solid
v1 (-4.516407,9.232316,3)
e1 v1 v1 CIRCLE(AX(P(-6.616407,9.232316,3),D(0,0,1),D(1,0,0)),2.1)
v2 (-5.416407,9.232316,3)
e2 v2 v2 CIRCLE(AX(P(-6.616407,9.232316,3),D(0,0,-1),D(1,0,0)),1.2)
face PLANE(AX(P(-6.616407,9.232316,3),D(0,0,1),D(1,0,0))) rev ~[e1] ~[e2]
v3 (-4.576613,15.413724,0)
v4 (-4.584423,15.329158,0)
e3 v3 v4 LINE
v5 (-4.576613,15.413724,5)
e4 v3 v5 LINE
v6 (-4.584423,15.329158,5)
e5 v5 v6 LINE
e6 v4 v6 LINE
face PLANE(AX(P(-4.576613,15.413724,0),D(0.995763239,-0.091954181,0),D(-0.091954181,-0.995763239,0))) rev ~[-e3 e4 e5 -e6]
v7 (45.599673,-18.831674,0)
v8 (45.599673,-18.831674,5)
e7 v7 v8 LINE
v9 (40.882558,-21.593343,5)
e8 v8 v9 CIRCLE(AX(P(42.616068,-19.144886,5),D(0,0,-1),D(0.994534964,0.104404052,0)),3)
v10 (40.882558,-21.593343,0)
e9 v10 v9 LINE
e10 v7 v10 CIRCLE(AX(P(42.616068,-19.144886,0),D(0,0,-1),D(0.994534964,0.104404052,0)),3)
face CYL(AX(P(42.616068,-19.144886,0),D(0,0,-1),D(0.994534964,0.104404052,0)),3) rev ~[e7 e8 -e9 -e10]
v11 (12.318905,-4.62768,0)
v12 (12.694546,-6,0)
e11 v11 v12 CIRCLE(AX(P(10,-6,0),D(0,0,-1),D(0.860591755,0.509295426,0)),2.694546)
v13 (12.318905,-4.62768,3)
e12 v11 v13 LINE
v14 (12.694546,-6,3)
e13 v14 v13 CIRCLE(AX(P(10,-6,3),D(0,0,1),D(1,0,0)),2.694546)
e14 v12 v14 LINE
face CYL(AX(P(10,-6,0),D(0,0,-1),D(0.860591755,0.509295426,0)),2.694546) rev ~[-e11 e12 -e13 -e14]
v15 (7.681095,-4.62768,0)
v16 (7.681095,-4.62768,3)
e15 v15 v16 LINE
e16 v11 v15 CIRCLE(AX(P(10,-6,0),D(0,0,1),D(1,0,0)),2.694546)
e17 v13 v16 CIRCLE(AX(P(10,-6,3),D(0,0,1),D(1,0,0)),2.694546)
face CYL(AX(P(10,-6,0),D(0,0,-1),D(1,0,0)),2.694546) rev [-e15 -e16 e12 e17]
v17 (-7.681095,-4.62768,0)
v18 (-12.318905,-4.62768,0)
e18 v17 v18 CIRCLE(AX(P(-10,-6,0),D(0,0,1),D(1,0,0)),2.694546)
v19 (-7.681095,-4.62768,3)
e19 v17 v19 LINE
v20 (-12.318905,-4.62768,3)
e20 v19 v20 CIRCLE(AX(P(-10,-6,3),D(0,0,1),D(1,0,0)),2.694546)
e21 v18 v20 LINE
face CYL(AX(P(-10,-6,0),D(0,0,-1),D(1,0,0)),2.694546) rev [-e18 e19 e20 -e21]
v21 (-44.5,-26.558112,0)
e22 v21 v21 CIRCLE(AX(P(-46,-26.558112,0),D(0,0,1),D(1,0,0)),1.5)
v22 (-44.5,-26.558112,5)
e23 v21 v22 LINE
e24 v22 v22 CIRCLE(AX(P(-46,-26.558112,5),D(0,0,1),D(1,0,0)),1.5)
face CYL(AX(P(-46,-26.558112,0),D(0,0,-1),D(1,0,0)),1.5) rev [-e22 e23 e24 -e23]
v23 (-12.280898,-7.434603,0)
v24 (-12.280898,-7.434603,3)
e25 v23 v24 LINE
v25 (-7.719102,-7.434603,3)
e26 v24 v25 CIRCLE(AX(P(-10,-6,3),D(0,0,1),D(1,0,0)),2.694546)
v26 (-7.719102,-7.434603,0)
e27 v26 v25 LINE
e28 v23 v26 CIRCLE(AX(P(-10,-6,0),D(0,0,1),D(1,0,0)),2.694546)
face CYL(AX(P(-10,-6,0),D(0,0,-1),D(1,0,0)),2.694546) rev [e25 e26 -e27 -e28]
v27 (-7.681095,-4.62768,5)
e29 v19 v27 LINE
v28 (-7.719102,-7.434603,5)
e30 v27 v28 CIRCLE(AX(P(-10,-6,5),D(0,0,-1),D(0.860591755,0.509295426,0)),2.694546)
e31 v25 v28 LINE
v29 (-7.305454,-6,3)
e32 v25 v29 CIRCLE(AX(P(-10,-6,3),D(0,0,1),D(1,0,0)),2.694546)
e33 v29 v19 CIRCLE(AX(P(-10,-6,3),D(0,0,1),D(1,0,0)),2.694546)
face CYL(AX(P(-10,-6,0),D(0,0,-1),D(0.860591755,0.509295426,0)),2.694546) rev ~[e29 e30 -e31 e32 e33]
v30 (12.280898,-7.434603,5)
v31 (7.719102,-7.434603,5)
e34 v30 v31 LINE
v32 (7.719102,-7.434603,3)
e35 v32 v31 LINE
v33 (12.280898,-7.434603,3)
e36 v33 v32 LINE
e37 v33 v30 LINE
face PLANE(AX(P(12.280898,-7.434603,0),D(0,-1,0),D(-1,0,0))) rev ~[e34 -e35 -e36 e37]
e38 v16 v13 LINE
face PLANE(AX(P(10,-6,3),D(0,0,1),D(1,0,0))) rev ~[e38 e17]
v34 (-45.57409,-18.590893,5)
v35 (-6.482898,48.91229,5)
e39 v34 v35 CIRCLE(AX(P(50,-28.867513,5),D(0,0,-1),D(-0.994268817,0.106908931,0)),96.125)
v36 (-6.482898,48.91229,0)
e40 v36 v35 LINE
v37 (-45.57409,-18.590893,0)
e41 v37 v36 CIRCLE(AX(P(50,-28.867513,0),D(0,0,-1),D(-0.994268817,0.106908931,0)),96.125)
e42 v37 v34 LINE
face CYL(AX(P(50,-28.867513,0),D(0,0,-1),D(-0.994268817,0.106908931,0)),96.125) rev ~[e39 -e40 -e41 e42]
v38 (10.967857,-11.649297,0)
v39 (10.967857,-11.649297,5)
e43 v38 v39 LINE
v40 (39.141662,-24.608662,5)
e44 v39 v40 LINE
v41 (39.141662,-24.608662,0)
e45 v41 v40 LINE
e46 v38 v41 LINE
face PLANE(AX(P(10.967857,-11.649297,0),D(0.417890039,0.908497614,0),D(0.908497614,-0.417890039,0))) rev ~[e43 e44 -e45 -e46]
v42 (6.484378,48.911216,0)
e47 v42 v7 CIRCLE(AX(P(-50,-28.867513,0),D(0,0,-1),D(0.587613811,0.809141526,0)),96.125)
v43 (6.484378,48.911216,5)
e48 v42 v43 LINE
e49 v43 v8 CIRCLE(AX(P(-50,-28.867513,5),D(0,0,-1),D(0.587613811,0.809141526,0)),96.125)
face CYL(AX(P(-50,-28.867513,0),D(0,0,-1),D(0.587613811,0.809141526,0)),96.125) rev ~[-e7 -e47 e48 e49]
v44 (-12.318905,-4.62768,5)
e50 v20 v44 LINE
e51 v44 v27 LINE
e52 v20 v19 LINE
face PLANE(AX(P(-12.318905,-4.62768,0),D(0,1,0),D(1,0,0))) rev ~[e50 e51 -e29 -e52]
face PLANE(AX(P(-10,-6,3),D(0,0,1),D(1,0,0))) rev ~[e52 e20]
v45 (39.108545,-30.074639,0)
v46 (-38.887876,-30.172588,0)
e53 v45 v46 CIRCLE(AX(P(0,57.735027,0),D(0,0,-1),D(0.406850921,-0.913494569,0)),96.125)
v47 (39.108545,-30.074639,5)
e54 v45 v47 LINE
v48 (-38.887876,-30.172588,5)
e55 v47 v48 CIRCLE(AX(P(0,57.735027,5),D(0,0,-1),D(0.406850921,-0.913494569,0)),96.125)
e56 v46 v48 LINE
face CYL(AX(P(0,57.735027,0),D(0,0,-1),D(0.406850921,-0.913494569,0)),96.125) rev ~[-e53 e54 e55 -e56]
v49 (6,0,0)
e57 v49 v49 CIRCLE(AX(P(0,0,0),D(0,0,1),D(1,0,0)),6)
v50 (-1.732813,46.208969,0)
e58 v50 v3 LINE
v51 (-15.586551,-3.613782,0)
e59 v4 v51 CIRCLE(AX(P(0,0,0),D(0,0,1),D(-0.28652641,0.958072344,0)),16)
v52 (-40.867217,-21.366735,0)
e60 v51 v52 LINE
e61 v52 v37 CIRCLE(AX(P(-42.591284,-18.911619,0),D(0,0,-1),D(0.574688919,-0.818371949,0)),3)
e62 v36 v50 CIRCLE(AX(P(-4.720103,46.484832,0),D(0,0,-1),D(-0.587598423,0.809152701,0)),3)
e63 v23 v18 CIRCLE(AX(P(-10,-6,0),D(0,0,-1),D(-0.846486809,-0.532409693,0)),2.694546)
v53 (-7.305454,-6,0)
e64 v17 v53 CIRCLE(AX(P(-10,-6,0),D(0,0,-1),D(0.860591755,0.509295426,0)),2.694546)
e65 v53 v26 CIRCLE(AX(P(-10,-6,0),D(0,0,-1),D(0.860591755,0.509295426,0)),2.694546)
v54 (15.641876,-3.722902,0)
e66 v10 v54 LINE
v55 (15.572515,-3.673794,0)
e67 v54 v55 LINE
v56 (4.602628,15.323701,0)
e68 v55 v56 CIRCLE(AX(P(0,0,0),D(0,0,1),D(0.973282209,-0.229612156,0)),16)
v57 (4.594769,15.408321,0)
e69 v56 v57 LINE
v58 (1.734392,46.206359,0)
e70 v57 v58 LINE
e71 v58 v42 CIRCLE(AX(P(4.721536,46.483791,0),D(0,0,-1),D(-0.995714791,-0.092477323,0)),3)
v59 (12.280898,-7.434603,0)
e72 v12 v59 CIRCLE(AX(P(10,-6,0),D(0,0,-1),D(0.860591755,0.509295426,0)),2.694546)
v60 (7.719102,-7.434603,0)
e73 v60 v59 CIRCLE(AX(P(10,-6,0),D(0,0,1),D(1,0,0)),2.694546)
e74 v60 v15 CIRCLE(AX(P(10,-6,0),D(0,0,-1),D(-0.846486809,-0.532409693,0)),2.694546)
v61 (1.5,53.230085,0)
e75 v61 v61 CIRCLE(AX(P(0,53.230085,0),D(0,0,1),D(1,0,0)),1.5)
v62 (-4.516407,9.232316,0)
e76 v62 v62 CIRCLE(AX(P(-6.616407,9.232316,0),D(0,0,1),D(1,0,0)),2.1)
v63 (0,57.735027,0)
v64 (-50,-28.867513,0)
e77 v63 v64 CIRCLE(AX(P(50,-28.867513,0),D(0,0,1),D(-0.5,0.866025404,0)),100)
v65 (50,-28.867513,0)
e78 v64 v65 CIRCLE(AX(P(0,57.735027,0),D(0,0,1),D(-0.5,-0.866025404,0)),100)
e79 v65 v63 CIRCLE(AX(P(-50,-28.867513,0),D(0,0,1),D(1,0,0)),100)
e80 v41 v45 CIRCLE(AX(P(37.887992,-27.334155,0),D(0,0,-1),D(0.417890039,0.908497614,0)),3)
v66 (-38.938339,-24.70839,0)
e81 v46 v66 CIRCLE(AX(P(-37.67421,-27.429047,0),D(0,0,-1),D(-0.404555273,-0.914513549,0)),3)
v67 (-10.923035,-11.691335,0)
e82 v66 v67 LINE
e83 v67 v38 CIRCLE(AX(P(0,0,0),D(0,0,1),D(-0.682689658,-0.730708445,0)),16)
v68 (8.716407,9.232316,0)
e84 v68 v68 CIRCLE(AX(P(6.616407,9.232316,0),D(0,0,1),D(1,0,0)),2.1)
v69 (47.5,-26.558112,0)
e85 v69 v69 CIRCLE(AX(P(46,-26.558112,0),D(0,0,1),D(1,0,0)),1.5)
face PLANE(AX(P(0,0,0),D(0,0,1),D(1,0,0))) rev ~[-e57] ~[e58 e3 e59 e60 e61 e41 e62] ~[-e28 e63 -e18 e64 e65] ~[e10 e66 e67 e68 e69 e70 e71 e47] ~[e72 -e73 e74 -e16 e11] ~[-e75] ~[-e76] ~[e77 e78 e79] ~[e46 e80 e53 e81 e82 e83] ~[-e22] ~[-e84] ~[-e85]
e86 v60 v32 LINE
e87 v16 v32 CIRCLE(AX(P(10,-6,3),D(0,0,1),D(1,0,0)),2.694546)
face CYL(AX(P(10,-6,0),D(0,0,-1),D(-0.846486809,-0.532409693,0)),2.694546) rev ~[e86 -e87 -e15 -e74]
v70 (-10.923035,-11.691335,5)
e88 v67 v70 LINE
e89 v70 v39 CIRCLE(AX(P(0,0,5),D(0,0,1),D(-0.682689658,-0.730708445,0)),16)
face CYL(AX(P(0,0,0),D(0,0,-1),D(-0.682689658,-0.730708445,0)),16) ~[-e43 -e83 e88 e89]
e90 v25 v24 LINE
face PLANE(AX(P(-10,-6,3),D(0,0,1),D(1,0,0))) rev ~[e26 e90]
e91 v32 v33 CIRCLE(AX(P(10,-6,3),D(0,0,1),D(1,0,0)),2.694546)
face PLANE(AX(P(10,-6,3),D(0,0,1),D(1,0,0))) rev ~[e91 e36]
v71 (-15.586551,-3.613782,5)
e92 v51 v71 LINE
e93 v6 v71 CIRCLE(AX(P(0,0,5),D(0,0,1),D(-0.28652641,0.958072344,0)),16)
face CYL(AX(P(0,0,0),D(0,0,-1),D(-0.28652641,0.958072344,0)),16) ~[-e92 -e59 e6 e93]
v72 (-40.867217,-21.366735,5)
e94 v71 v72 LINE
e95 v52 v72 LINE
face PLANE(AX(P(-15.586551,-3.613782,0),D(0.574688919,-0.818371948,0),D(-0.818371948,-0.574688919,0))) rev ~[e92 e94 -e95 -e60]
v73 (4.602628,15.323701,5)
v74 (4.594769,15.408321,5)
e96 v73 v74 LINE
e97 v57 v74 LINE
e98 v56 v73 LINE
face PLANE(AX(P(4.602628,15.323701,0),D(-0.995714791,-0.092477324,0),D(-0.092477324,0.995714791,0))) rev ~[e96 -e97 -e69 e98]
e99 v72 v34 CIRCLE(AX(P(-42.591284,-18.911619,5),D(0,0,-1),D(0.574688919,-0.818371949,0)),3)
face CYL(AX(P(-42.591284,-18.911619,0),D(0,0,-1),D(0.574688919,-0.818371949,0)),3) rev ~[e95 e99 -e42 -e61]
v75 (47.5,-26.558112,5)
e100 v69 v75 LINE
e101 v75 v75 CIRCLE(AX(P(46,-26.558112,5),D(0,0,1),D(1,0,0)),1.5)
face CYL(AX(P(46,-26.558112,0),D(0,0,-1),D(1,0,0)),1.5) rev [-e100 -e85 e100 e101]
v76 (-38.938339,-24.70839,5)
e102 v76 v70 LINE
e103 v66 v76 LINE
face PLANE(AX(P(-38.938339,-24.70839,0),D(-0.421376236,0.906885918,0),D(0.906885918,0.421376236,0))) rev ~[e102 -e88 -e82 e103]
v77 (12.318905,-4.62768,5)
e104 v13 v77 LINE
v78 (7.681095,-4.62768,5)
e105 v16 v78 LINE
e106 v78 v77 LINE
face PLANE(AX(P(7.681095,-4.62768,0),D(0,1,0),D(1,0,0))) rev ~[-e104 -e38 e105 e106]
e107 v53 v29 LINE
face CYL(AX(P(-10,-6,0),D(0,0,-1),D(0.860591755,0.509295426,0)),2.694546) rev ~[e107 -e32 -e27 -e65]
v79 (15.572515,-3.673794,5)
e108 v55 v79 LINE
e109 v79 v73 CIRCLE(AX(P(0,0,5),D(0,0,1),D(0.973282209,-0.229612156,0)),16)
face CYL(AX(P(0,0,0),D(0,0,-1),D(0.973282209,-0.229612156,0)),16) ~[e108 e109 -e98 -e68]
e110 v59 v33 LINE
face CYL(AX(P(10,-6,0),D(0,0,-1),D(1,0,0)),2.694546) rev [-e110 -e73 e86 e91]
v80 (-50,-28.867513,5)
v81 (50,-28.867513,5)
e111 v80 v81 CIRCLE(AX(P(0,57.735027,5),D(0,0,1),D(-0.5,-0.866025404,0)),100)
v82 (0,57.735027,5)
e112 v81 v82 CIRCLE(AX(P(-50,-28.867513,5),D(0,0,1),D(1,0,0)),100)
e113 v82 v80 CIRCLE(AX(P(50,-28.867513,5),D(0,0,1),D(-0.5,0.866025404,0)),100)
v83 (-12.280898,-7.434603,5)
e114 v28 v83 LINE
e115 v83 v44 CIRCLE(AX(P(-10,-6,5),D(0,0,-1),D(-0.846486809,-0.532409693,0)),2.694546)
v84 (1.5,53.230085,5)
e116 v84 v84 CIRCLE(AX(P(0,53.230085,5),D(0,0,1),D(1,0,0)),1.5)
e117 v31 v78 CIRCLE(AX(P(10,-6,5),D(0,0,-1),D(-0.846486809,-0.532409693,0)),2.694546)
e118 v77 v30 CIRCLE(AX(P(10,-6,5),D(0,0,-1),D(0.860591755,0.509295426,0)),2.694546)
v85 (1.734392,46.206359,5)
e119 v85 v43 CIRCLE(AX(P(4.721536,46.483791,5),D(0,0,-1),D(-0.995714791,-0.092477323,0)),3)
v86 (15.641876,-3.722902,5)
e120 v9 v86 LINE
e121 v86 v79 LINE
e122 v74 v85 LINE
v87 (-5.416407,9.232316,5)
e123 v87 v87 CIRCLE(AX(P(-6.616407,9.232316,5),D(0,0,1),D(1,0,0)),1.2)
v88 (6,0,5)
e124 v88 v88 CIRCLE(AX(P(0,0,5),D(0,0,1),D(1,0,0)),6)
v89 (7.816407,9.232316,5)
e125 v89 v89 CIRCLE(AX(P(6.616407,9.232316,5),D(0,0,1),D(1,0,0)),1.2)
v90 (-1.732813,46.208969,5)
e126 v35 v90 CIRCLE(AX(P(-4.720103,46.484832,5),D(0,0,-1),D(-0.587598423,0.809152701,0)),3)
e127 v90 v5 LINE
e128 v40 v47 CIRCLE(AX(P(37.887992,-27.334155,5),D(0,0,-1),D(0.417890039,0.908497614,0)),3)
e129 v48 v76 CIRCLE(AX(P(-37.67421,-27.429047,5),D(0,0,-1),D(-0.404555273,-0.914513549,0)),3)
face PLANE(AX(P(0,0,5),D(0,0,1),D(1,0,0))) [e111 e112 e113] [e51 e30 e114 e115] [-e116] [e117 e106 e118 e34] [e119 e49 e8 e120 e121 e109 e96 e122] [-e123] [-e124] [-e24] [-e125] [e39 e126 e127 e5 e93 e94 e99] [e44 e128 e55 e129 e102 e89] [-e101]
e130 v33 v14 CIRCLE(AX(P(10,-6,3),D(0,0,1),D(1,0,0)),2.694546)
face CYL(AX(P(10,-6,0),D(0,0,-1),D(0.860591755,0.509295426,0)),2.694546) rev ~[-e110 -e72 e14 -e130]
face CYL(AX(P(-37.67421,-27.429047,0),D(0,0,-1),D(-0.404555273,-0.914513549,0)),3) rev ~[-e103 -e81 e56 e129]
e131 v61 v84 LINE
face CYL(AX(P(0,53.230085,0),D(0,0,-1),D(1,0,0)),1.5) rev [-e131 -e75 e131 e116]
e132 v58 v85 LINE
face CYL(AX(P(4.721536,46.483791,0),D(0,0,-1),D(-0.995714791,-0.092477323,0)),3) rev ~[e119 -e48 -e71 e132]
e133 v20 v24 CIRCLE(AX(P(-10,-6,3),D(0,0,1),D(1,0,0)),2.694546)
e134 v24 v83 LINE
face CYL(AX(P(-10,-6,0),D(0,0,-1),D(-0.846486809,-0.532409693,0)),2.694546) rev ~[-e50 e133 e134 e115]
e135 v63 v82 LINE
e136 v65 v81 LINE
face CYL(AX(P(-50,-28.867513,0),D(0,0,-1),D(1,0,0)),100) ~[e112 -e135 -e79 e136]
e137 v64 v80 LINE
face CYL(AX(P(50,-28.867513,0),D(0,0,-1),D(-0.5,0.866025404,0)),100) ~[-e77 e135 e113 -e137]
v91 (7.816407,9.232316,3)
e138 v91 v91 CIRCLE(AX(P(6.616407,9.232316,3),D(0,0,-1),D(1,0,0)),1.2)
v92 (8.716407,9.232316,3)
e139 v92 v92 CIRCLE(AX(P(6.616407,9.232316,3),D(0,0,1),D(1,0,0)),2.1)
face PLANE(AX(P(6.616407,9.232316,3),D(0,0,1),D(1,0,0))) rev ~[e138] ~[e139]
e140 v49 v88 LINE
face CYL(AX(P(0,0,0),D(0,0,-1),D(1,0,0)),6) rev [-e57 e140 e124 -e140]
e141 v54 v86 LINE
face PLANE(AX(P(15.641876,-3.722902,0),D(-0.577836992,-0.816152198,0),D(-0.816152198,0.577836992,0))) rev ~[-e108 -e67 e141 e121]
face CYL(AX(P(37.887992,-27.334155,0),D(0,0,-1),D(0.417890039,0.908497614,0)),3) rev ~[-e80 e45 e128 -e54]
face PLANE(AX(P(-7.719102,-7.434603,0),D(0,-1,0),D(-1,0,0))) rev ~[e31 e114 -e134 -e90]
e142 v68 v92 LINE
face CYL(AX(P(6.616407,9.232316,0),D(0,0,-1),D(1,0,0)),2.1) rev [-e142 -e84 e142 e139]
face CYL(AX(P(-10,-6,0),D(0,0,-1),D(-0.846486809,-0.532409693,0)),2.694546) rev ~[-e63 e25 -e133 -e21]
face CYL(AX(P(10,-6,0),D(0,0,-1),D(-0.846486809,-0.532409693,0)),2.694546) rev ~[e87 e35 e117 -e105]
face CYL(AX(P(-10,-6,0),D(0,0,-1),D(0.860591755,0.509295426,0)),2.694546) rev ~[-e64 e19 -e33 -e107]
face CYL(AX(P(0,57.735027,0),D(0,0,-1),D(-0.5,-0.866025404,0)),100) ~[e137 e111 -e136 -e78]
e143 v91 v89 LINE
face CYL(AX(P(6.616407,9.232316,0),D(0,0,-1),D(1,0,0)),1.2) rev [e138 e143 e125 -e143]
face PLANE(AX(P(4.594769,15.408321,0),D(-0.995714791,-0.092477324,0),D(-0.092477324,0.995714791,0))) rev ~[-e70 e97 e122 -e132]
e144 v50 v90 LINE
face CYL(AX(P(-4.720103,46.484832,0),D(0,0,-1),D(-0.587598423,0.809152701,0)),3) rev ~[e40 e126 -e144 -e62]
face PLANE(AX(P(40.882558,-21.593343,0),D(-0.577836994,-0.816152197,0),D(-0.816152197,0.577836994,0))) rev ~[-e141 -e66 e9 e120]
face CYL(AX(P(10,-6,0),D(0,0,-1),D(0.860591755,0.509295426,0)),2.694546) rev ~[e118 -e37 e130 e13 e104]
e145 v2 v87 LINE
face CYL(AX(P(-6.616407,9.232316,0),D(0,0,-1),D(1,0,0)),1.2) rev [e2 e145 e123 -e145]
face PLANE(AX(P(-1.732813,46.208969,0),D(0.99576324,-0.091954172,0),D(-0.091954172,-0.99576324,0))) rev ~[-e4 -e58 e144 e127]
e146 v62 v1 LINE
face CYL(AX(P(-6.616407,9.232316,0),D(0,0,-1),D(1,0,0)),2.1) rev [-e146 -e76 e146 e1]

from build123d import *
from build123d.topology import SkipClean

# Parameters (mm, degrees)
SKETCH_1_R          = 6
SKETCH_1_R_2        = 1.5
SKETCH_1_R_3        = 1.2
EXTRUDE_3_DEPTH     = 5
SKETCH_1_128_R      = 2.1
SKETCH_1_128_R_2    = 2.694546499
CUT_EXTRUDE_1_DEPTH = 3


with BuildPart() as part:
    # 草图1 → 凸台-拉伸3 (new body)
    with BuildSketch(Plane.XY):
        with BuildLine():
            ThreePointArc((-50, -28.867513459), (0, -42.264973081), (50, -28.867513459))
            ThreePointArc((50, -28.867513459), (36.602540378, 21.132486541), (0, 57.735026919))
            ThreePointArc((0, 57.735026919), (-36.602540378, 21.132486541), (-50, -28.867513459))
        make_face()
        with BuildLine():
            Line((-12.318904501, -4.627679794), (-7.681095499, -4.627679794))
            ThreePointArc((-7.681095499, -4.627679794), (-7.305700474, -6.036481484), (-7.719101931, -7.434602674))
            Line((-7.719101931, -7.434602674), (-12.280898069, -7.434602674))
            ThreePointArc((-12.280898069, -7.434602674), (-12.694299526, -6.036481484), (-12.318904501, -4.627679794))
        make_face(mode=Mode.SUBTRACT)
        with BuildLine():
            ThreePointArc((-4.584422556, 15.329157506), (-13.835670885, 8.03580806), (-15.586551128, -3.613782498))
            Line((-15.586551128, -3.613782498), (-40.867216831, -21.36673515))
            ThreePointArc((-40.867216831, -21.36673515), (-44.11523634, -21.495718376), (-45.57409004, -18.590892513))
            ThreePointArc((-45.57409004, -18.590892513), (-33.183543116, 19.304197945), (-6.482898448, 48.912289883))
            ThreePointArc((-6.482898448, 48.912289883), (-3.236245956, 49.092161401), (-1.732813457, 46.208969266))
            Line((-1.732813457, 46.208969266), (-4.57661325, 15.413723751))
            Line((-4.57661325, 15.413723751), (-4.584422556, 15.329157506))
        make_face(mode=Mode.SUBTRACT)
        with BuildLine():
            Line((4.60262837, 15.323700992), (4.594769235, 15.408321271))
            Line((4.594769235, 15.408321271), (1.734391802, 46.206359162))
            ThreePointArc((1.734391802, 46.206359162), (3.23701886, 49.090744976), (6.484377608, 48.91121571))
            ThreePointArc((6.484377608, 48.91121571), (33.24460594, 19.198599415), (45.599673385, -18.831673998))
            ThreePointArc((45.599673385, -18.831673998), (44.131781944, -21.73382662), (40.882557513, -21.593342745))
            Line((40.882557513, -21.593342745), (15.64187559, -3.722901655))
            Line((15.64187559, -3.722901655), (15.57251534, -3.673794493))
            ThreePointArc((15.57251534, -3.673794493), (13.855876537, 8.000917785), (4.60262837, 15.323700992))
        make_face(mode=Mode.SUBTRACT)
        with BuildLine():
            ThreePointArc((-10.923034521, -11.691335119), (0.030725767, -15.999970498), (10.967857029, -11.649296639))
            Line((10.967857029, -11.649296639), (39.141662126, -24.608662006))
            ThreePointArc((39.141662126, -24.608662006), (40.887936946, -27.352330968), (39.108544771, -30.074638556))
            ThreePointArc((39.108544771, -30.074638556), (0.120715527, -38.389897283), (-38.887875634, -30.17258796))
            ThreePointArc((-38.887875634, -30.17258796), (-40.674081889, -27.456751691), (-38.938338523, -24.708389561))
            Line((-38.938338523, -24.708389561), (-10.923034521, -11.691335119))
        make_face(mode=Mode.SUBTRACT)
        with BuildLine():
            ThreePointArc((7.719101931, -7.434602674), (7.305700474, -6.036481484), (7.681095499, -4.627679794))
            Line((7.681095499, -4.627679794), (12.318904501, -4.627679794))
            ThreePointArc((12.318904501, -4.627679794), (12.694299526, -6.036481484), (12.280898069, -7.434602674))
            Line((12.280898069, -7.434602674), (7.719101931, -7.434602674))
        make_face(mode=Mode.SUBTRACT)
        Circle(SKETCH_1_R, mode=Mode.SUBTRACT)
        with Locations((-46, -26.558112383)):
            Circle(SKETCH_1_R_2, mode=Mode.SUBTRACT)
        with Locations((46, -26.558112383)):
            Circle(SKETCH_1_R_2, mode=Mode.SUBTRACT)
        with Locations((0, 53.230084709)):
            Circle(SKETCH_1_R_2, mode=Mode.SUBTRACT)
        with Locations((-6.616406845, 9.232315636)):
            Circle(SKETCH_1_R_3, mode=Mode.SUBTRACT)
        with Locations((6.616406845, 9.232315636)):
            Circle(SKETCH_1_R_3, mode=Mode.SUBTRACT)
    extrude(amount=EXTRUDE_3_DEPTH)

    # 草图1<128> → 切除-拉伸1 (cut)
    with SkipClean():  # the faces are left unmerged after this step: merging them gives an invalid solid
        with BuildSketch(Plane.XY):
            with Locations((-6.616406845, 9.232315636)):
                Circle(SKETCH_1_128_R)
            with Locations((6.616406845, 9.232315636)):
                Circle(SKETCH_1_128_R)
            with Locations((-10, -6)):
                Circle(SKETCH_1_128_R_2)
            with Locations((10, -6)):
                Circle(SKETCH_1_128_R_2)
        extrude(amount=CUT_EXTRUDE_1_DEPTH, mode=Mode.SUBTRACT)


solid = part.part
